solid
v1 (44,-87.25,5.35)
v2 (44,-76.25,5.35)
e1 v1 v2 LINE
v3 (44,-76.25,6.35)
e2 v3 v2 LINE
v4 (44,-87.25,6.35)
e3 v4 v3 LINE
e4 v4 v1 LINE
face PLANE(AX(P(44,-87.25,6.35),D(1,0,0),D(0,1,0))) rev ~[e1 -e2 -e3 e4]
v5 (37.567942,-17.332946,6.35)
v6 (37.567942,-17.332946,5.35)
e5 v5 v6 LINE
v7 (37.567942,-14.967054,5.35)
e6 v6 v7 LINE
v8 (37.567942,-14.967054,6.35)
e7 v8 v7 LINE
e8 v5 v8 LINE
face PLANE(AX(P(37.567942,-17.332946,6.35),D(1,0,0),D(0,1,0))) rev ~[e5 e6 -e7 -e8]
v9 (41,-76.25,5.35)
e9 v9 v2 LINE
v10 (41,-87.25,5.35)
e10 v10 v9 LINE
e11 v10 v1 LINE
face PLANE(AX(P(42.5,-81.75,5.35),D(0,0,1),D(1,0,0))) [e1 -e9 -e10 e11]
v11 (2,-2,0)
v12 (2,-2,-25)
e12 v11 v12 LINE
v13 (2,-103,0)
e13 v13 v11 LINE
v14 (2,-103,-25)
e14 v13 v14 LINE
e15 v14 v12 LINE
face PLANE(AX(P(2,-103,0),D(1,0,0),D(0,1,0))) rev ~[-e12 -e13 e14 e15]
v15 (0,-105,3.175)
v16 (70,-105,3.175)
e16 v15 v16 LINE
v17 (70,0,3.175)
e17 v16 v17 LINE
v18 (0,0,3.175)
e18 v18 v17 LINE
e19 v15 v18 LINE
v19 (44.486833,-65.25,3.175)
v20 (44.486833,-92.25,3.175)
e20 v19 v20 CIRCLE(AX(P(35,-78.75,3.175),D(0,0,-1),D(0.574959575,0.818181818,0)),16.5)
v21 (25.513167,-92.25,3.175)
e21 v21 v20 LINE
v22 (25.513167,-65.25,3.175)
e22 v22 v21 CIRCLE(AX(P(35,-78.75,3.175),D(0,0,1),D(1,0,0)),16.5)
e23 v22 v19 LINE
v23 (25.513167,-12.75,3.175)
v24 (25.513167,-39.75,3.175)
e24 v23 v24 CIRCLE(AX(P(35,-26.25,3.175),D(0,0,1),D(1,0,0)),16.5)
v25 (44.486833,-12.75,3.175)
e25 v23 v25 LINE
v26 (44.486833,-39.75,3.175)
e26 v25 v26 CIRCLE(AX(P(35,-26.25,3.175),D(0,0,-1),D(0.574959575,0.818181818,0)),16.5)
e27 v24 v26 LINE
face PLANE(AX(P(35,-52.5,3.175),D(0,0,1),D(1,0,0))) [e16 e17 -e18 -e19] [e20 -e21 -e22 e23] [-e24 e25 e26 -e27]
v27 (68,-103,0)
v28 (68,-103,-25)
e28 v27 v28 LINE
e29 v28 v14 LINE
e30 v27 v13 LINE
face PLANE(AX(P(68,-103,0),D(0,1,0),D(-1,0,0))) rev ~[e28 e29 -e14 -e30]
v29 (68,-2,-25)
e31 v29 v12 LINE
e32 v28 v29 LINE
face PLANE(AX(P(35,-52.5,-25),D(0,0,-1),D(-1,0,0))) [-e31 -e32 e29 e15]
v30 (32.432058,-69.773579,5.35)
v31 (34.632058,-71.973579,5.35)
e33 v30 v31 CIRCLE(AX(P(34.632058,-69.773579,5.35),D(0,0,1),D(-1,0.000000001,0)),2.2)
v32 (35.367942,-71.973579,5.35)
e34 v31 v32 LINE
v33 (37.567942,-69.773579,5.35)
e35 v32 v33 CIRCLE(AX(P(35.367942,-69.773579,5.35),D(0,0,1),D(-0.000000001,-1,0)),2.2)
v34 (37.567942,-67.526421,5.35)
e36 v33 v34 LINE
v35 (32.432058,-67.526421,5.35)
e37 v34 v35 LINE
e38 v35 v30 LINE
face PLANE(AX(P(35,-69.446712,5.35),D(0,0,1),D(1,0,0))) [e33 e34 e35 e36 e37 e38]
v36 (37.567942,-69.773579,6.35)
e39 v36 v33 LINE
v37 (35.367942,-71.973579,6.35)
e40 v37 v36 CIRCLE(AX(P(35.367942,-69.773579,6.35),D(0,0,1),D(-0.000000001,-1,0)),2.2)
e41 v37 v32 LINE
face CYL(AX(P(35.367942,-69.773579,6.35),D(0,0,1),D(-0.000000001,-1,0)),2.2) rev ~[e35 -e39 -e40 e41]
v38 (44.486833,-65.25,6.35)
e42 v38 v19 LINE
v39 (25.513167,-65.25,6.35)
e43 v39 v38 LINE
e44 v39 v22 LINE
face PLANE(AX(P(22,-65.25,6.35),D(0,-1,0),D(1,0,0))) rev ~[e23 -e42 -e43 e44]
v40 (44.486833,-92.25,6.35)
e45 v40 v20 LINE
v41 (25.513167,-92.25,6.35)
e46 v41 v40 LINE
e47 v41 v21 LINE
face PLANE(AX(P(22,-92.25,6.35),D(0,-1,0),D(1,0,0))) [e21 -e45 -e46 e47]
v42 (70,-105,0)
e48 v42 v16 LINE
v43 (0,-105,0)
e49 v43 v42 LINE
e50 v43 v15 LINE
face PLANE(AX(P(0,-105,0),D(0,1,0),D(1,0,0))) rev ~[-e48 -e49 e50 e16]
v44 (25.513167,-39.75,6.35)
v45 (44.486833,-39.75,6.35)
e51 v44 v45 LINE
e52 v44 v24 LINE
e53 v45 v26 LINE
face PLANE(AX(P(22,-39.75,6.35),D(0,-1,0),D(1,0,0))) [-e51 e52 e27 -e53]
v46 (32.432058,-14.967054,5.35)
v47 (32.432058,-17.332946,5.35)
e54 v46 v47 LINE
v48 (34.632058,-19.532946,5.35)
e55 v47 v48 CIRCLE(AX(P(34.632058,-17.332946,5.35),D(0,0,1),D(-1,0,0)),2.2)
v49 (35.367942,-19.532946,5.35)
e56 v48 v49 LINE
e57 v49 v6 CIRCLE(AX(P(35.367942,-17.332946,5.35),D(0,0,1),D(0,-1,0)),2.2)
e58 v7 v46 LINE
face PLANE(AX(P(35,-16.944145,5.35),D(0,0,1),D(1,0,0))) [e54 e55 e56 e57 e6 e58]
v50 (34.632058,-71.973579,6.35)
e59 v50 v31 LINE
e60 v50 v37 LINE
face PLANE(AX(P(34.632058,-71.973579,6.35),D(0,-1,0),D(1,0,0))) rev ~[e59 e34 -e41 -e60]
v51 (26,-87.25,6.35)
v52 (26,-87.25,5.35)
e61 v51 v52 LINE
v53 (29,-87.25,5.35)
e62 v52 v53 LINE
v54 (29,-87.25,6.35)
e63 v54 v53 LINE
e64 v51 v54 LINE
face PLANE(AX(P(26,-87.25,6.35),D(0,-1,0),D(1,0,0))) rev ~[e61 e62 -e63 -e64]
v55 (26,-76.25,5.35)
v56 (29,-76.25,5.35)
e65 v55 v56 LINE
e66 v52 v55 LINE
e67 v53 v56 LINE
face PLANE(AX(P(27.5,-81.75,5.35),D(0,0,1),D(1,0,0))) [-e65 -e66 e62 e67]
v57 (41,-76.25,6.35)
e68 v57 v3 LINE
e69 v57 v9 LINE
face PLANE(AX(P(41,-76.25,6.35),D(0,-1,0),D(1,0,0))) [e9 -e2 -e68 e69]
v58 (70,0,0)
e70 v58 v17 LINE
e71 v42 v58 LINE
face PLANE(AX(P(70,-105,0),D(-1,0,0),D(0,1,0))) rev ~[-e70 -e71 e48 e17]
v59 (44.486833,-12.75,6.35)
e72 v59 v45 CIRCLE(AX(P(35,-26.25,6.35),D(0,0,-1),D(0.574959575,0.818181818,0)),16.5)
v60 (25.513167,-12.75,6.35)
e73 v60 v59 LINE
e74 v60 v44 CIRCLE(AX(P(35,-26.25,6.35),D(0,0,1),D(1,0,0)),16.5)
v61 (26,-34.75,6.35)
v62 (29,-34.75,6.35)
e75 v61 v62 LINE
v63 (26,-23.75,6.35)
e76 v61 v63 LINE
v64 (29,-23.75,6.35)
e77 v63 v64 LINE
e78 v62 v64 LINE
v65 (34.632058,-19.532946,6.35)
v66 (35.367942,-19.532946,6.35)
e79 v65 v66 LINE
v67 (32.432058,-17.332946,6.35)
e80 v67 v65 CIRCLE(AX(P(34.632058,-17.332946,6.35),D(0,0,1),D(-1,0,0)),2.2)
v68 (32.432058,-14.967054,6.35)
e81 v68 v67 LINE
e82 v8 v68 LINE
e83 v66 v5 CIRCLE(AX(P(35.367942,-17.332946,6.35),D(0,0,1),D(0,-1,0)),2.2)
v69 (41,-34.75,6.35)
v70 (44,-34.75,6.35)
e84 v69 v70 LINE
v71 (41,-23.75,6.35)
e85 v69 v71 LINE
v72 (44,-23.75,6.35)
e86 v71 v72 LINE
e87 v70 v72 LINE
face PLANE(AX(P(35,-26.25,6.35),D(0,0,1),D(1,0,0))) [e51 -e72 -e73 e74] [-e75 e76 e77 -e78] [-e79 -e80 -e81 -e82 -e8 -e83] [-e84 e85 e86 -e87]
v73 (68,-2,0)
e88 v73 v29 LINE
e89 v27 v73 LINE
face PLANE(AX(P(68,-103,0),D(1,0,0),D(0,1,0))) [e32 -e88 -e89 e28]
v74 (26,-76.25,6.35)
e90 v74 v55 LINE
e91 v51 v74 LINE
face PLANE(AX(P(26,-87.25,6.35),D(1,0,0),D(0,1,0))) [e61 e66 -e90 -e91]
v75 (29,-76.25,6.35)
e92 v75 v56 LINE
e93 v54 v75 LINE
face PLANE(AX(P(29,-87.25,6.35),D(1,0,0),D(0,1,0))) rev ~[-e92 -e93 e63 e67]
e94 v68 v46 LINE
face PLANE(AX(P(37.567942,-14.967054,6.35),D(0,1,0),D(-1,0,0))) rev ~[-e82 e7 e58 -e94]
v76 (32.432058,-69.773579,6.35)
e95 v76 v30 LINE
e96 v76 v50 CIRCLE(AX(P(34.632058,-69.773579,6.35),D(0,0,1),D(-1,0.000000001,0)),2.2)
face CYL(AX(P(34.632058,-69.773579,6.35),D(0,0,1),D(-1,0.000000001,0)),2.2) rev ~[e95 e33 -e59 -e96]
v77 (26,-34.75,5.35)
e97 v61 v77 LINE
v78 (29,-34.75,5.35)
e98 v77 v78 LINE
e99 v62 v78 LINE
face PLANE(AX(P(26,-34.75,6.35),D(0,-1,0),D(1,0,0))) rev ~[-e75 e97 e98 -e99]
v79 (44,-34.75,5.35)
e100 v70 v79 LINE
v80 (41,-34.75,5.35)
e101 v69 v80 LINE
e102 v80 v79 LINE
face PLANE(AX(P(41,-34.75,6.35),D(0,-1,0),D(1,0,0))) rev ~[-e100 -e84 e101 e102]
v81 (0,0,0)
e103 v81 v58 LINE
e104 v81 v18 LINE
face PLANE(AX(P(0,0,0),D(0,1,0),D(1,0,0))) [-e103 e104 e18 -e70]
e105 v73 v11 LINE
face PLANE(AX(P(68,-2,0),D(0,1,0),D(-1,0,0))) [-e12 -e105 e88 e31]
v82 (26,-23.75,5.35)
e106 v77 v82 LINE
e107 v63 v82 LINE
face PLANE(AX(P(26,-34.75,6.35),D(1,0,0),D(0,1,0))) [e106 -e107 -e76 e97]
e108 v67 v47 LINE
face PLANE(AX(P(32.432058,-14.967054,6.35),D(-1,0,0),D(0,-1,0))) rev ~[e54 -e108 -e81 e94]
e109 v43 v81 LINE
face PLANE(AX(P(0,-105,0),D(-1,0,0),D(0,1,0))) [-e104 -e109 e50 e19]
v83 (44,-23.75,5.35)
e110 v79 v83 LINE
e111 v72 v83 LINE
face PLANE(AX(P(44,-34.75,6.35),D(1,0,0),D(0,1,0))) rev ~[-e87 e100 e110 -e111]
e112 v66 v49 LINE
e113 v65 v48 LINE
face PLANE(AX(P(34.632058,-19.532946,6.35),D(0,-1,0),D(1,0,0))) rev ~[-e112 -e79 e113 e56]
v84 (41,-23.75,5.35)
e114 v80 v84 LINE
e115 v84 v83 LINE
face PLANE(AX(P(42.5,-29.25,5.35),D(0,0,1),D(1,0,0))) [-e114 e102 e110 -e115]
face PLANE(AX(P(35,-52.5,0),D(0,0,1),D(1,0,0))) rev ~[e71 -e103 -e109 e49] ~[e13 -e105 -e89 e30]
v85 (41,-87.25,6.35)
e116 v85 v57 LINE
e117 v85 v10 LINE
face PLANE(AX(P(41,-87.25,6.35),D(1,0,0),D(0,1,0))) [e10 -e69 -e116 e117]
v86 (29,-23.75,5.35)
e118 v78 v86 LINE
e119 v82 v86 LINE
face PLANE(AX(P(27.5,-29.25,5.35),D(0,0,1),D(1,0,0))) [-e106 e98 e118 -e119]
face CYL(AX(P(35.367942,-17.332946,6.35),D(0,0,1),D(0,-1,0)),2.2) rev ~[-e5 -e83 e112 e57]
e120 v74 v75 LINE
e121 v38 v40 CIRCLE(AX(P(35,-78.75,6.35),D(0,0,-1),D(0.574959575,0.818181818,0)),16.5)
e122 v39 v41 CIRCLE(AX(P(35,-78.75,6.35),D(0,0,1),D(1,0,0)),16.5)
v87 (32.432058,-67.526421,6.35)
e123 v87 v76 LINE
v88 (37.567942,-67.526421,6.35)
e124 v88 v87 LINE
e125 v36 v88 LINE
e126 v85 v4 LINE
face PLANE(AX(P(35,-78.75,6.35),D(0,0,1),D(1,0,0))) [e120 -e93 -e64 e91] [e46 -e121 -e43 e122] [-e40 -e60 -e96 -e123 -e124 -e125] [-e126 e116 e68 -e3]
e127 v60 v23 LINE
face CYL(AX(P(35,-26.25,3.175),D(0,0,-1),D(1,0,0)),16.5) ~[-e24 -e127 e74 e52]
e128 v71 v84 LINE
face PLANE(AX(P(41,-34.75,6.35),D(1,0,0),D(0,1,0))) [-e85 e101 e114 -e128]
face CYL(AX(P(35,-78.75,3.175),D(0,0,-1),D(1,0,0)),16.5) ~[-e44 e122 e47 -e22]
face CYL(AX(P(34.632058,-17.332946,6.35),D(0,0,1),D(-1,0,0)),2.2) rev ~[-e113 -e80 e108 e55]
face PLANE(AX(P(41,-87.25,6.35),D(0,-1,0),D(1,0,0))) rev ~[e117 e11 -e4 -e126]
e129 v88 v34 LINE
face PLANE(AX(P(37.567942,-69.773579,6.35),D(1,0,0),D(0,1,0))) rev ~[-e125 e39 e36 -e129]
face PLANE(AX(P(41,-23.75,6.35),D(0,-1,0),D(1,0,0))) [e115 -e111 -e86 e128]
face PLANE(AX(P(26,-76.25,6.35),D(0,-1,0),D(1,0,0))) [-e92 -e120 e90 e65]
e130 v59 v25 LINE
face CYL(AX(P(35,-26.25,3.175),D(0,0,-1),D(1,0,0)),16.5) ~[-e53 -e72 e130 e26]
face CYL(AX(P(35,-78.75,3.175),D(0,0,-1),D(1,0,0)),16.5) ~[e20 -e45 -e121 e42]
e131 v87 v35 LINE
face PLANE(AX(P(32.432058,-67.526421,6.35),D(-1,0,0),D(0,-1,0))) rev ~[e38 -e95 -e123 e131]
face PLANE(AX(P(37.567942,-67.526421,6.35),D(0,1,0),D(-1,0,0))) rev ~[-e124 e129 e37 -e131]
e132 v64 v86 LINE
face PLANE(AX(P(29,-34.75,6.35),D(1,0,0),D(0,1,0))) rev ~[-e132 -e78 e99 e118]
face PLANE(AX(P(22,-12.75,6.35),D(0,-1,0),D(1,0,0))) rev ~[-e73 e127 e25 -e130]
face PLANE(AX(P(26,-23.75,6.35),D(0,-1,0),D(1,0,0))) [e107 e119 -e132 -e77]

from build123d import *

# Parameters (mm, degrees)
CROQUIS1_W              = 70
CROQUIS1_H              = 105
SALIENTE_EXTRUIR1_DEPTH = 3.175
CROQUIS2_R              = 16.5
SALIENTE_EXTRUIR2_DEPTH = 3.175
CROQUIS3_W              = 26
CROQUIS3_H              = 6
CORTAR_EXTRUIR1_DEPTH   = 3.175
CROQUIS4_W              = 3
CROQUIS4_H              = 11
CORTAR_EXTRUIR2_DEPTH   = 1
CROQUIS5_W              = 66
CROQUIS5_H              = 101
SALIENTE_EXTRUIR3_DEPTH = 25


with BuildPart() as part:
    # Croquis1 → Saliente-Extruir1 (new body)
    with BuildSketch(Plane.XY):
        with Locations((35, -52.5)):
            Rectangle(CROQUIS1_W, CROQUIS1_H)
    extrude(amount=SALIENTE_EXTRUIR1_DEPTH)

    # Croquis2 → Saliente-Extruir2 (add)
    with BuildSketch(Plane.XY.offset(3.175)):
        with Locations((35, -26.25)):
            Circle(CROQUIS2_R)
        with Locations((35, -78.75)):
            Circle(CROQUIS2_R)
    extrude(amount=SALIENTE_EXTRUIR2_DEPTH)

    # Croquis3 → Cortar-Extruir1 (cut)
    with BuildSketch(Plane.XY.offset(6.35)):
        with Locations((35, -9.75)):
            Rectangle(CROQUIS3_W, CROQUIS3_H)
        with Locations((35, -42.75)):
            Rectangle(CROQUIS3_W, CROQUIS3_H)
        with Locations((35, -62.25)):
            Rectangle(CROQUIS3_W, CROQUIS3_H)
        with Locations((35, -95.25)):
            Rectangle(CROQUIS3_W, CROQUIS3_H)
    extrude(amount=-CORTAR_EXTRUIR1_DEPTH, mode=Mode.SUBTRACT)

    # Croquis4 → Cortar-Extruir2 (cut)
    with BuildSketch(Plane.XY.offset(6.35)):
        with Locations((27.5, -29.25)):
            Rectangle(CROQUIS4_W, CROQUIS4_H)
        with Locations((42.5, -29.25)):
            Rectangle(CROQUIS4_W, CROQUIS4_H)
        with BuildLine():
            Line((34.632057675, -19.532945654), (35.367942325, -19.532945654))
            ThreePointArc((35.367942325, -19.532945654), (36.923577244, -18.888580572), (37.567942325, -17.332945654))
            Line((37.567942325, -17.332945654), (37.567942325, -14.967054346))
            Line((37.567942325, -14.967054346), (32.432057675, -14.967054346))
            Line((32.432057675, -14.967054346), (32.432057675, -17.332945654))
            ThreePointArc((32.432057675, -17.332945654), (33.076422756, -18.888580572), (34.632057675, -19.532945654))
        make_face()
        with Locations((42.5, -81.75)):
            Rectangle(CROQUIS4_W, CROQUIS4_H)
        with Locations((27.5, -81.75)):
            Rectangle(CROQUIS4_W, CROQUIS4_H)
        with BuildLine():
            Line((34.632057675, -71.973579429), (35.367942325, -71.973579429))
            ThreePointArc((35.367942325, -71.973579429), (36.923577244, -71.329214348), (37.567942325, -69.773579429))
            Line((37.567942325, -69.773579429), (37.567942325, -67.526420571))
            Line((37.567942325, -67.526420571), (32.432057675, -67.526420571))
            Line((32.432057675, -67.526420571), (32.432057675, -69.773579429))
            ThreePointArc((32.432057675, -69.773579429), (33.076422756, -71.329214348), (34.632057675, -71.973579429))
        make_face()
    extrude(amount=-CORTAR_EXTRUIR2_DEPTH, mode=Mode.SUBTRACT)

    # Croquis5 → Saliente-Extruir3 (add)
    with BuildSketch(Plane(origin=(0, 0, 0), x_dir=(-1, 0, 0), z_dir=(0, 0, -1))):
        with Locations((-35, -52.5)):
            Rectangle(CROQUIS5_W, CROQUIS5_H)
    extrude(amount=SALIENTE_EXTRUIR3_DEPTH)


solid = part.part
